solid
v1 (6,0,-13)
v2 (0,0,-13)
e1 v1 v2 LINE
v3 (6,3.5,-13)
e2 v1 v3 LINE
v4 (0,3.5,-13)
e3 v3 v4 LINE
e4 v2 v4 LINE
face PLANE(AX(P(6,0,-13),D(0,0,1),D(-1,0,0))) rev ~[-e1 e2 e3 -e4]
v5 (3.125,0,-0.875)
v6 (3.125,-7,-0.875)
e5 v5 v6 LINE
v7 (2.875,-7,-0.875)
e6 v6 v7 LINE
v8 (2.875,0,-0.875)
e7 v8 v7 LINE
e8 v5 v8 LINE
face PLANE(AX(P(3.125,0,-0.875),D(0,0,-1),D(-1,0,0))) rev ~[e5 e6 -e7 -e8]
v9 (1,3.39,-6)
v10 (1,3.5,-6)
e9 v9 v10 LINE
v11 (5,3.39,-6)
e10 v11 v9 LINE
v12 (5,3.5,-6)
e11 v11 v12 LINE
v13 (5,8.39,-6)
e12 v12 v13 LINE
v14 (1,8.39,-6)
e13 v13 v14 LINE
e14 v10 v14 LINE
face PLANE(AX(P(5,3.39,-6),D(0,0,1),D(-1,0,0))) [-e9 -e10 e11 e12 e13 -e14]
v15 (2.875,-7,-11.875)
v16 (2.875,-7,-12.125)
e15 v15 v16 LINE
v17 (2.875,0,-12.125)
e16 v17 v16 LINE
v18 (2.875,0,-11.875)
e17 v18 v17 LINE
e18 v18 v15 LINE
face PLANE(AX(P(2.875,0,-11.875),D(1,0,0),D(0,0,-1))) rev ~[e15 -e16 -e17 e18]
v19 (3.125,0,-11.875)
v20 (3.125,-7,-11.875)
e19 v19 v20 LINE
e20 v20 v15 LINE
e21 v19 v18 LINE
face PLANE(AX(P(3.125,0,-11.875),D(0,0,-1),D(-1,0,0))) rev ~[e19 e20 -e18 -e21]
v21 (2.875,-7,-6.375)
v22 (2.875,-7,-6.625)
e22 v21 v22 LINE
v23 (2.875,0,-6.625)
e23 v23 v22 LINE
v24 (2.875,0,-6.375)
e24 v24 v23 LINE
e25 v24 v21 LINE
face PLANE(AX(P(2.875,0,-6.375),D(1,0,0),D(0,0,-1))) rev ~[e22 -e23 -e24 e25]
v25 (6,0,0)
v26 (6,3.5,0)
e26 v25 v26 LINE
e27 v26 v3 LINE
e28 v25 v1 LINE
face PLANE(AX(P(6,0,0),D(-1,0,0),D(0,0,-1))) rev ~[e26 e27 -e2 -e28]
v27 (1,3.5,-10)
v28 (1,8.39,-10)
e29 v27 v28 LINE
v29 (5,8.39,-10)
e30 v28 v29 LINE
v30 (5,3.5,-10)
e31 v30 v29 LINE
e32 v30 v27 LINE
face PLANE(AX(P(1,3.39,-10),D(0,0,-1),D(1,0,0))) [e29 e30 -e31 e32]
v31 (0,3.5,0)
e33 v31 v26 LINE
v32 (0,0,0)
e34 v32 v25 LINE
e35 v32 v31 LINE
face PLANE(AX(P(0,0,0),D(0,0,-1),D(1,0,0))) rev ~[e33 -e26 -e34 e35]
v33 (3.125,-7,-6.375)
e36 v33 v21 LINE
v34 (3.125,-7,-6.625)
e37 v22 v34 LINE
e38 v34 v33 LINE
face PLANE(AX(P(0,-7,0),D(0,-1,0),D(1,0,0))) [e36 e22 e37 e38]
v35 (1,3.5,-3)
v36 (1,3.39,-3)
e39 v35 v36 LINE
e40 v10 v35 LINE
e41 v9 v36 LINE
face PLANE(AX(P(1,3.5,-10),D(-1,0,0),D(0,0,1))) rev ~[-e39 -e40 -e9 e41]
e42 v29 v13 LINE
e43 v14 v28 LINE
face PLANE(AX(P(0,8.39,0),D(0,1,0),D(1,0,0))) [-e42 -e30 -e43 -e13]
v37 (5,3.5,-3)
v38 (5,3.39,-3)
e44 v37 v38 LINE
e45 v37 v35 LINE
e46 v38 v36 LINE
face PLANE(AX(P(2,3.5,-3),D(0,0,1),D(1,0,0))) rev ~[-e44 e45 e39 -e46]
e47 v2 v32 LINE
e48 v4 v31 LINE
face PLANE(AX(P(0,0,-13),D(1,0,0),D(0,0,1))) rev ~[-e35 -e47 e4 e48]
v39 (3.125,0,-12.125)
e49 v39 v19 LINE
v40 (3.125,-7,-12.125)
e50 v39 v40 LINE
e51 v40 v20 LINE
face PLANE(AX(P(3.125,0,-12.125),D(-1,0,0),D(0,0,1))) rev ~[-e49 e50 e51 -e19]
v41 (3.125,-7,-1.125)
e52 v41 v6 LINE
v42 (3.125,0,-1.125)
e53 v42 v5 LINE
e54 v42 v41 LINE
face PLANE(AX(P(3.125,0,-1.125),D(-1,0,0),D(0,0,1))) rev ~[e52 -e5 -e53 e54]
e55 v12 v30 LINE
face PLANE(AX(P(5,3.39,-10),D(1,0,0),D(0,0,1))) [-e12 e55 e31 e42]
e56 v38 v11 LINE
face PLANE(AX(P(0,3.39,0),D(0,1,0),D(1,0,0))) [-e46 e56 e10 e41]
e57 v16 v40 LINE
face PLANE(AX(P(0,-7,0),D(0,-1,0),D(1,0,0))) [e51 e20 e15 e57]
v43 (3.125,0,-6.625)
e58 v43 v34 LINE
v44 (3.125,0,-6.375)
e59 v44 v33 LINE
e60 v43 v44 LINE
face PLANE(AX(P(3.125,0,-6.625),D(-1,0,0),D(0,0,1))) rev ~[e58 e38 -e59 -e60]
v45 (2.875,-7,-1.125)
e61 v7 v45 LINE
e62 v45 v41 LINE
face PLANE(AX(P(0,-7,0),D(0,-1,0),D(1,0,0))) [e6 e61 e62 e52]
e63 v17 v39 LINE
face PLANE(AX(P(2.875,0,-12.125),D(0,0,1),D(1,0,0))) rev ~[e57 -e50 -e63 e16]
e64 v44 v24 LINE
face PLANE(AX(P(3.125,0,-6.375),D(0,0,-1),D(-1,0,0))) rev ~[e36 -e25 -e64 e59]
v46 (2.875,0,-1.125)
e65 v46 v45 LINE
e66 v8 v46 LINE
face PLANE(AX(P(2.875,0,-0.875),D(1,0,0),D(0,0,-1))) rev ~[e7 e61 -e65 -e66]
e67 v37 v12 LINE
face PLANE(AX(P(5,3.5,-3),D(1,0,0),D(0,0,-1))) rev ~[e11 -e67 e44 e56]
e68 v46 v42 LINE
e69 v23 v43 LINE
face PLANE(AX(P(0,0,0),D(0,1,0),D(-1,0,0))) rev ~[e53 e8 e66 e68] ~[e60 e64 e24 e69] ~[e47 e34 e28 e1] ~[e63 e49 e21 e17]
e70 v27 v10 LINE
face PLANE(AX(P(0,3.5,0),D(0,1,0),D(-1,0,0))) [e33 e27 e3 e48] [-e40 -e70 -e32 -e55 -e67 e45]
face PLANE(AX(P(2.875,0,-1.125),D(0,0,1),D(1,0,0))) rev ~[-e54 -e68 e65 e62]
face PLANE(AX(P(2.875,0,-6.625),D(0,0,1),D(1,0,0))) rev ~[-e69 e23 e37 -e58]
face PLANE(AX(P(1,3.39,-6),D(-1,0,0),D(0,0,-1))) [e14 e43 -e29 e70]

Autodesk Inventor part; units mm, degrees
ref_plane "YZ Plane" through (0, 0, 0) normal (1, 0, 0) x (0, 1, 0)
ref_plane "XZ Plane" through (0, 0, 0) normal (0, 1, 0) x (-1, 0, 0)
ref_plane "XY Plane" through (0, 0, 0) normal (0, 0, 1) x (1, 0, 0)
sketch "Sketch1" plane through (0, 0, 0) normal (0, 1, 0) x (-1, 0, 0)
  line L0 (0, 0) -> (-6, 0)
  line L1 (-6, 0) -> (-6, -13)
  line L2 (-6, -13) -> (0, -13)
  line L3 (0, -13) -> (0, 0)
  dimension "d0" = 6
  dimension "d1" = 13
extrude "Extrusion1" add sketch "Sketch1" along normal blind 3.5
sketch "Sketch2" plane through (0, 3.5, 0) normal (0, 1, 0) x (1, 0, 0)
  line L0 (0, 13) -> (0, 0) projected
  line L1 (6, 0) -> (6, 13) projected
  line L2 (0, 0) -> (6, 0)
  line L3 (6, 0) -> (6, 13)
  line L4 (6, 13) -> (0, 13)
  line L5 (0, 13) -> (0, 0)
  line L6 (3, 0) -> (6.25, 0) construction
  line L7 (2, 3) -> (1.5, 3)
  line L8 (1.5, 3) -> (1, 3)
  line L9 (1.5, 3) -> (2, 3) construction
  line L10 (2, 3) -> (5, 3)
  line L11 (2, 3) -> (5, 3) construction
  line L12 (5, 3) -> (5, 10)
  line L13 (5, 10) -> (1, 10)
  line L14 (1, 10) -> (1, 3)
  line L15 (1, 3) -> (5, 3)
  line L16 (5, 3) -> (5, 10)
  line L17 (5, 10) -> (1, 10)
  line L18 (1, 10) -> (1, 3)
  dimension "d41" = 3
  dimension "d42" = 1
  dimension "d44" = 1
  dimension "d45" = 3
extrude "Extrusion3" cut sketch "Sketch2" against normal blind 0.11 contours L7 L8 L14 L13 L12 L10
sketch "Sketch3" plane through (0, 3.39, 0) normal (0, 1, 0) x (1, 0, 0)
  line L0 (1, 3) -> (1, 10) projected
  line L1 (1, 10) -> (5, 10)
  line L2 (5, 10) -> (5, 6)
  line L3 (5, 6) -> (1, 6)
  line L4 (1, 6) -> (1, 10)
  point P0 (0, 0)
  dimension "d20" = 4
  dimension "d21" = 4
extrude "Extrusion4" add sketch "Sketch3" along normal blind 5
sketch "Sketch4" plane through (0, 0, 0) normal (0, -1, 0) x (1, 0, 0)
  line L0 (0, 0) -> (6, 0) projected
  line L1 (3, 0) -> (3, -1) construction
  line L2 (3, 0) -> (4, 0) construction
  line L3 (2.875, -1.125) -> (3.125, -1.125)
  line L4 (3.125, -1.125) -> (3.125, -0.875)
  line L5 (3.125, -0.875) -> (2.875, -0.875)
  line L6 (2.875, -0.875) -> (2.875, -1.125)
  line L7 (2.875, -1.125) -> (3.125, -0.875) construction
  line L8 (3.125, -1.125) -> (2.875, -0.875) construction
  line L9 (6, -13) -> (0, -13) projected
  line L10 (3, -13) -> (3, -12) construction
  line L11 (3, -13) -> (4, -13) construction
  line L12 (2.875, -12.125) -> (3.125, -12.125)
  line L13 (3.125, -12.125) -> (3.125, -11.875)
  line L14 (3.125, -11.875) -> (2.875, -11.875)
  line L15 (2.875, -11.875) -> (2.875, -12.125)
  line L16 (2.875, -12.125) -> (3.125, -11.875) construction
  line L17 (3.125, -12.125) -> (2.875, -11.875) construction
  line L18 (3, -0.875) -> (3, -6.5) construction
  line L19 (3, -0.875) -> (8.625, -0.875) construction
  line L20 (2.875, -6.625) -> (3.125, -6.625)
  line L21 (3.125, -6.625) -> (3.125, -6.375)
  line L22 (3.125, -6.375) -> (2.875, -6.375)
  line L23 (2.875, -6.375) -> (2.875, -6.625)
  line L24 (2.875, -6.625) -> (3.125, -6.375) construction
  line L25 (3.125, -6.625) -> (2.875, -6.375) construction
  point P0 (3, -6.5)
  dimension "d24" = 1
  dimension "d25" = 90
  dimension "d26" = 0.25
  dimension "d27" = 0.25
  dimension "d28" = 1
  dimension "d29" = 90
  dimension "d30" = 0.25
  dimension "d31" = 0.25
  dimension "d33" = 90
  dimension "d34" = 0.25
  dimension "d35" = 0.25
  dimension "d39" = 5.5
  dimension "d40" = 5.5
extrude "Extrusion5" add sketch "Sketch4" along normal blind 7
equation "\"d41\" = d5"
equation "\"d44\" = d42"
equation "\"d45\" = d41"
equation "\"d21\" = d20"
equation "\"d24\" = d28"
equation "\"d5\" = 3"
properties part number "switch small"
